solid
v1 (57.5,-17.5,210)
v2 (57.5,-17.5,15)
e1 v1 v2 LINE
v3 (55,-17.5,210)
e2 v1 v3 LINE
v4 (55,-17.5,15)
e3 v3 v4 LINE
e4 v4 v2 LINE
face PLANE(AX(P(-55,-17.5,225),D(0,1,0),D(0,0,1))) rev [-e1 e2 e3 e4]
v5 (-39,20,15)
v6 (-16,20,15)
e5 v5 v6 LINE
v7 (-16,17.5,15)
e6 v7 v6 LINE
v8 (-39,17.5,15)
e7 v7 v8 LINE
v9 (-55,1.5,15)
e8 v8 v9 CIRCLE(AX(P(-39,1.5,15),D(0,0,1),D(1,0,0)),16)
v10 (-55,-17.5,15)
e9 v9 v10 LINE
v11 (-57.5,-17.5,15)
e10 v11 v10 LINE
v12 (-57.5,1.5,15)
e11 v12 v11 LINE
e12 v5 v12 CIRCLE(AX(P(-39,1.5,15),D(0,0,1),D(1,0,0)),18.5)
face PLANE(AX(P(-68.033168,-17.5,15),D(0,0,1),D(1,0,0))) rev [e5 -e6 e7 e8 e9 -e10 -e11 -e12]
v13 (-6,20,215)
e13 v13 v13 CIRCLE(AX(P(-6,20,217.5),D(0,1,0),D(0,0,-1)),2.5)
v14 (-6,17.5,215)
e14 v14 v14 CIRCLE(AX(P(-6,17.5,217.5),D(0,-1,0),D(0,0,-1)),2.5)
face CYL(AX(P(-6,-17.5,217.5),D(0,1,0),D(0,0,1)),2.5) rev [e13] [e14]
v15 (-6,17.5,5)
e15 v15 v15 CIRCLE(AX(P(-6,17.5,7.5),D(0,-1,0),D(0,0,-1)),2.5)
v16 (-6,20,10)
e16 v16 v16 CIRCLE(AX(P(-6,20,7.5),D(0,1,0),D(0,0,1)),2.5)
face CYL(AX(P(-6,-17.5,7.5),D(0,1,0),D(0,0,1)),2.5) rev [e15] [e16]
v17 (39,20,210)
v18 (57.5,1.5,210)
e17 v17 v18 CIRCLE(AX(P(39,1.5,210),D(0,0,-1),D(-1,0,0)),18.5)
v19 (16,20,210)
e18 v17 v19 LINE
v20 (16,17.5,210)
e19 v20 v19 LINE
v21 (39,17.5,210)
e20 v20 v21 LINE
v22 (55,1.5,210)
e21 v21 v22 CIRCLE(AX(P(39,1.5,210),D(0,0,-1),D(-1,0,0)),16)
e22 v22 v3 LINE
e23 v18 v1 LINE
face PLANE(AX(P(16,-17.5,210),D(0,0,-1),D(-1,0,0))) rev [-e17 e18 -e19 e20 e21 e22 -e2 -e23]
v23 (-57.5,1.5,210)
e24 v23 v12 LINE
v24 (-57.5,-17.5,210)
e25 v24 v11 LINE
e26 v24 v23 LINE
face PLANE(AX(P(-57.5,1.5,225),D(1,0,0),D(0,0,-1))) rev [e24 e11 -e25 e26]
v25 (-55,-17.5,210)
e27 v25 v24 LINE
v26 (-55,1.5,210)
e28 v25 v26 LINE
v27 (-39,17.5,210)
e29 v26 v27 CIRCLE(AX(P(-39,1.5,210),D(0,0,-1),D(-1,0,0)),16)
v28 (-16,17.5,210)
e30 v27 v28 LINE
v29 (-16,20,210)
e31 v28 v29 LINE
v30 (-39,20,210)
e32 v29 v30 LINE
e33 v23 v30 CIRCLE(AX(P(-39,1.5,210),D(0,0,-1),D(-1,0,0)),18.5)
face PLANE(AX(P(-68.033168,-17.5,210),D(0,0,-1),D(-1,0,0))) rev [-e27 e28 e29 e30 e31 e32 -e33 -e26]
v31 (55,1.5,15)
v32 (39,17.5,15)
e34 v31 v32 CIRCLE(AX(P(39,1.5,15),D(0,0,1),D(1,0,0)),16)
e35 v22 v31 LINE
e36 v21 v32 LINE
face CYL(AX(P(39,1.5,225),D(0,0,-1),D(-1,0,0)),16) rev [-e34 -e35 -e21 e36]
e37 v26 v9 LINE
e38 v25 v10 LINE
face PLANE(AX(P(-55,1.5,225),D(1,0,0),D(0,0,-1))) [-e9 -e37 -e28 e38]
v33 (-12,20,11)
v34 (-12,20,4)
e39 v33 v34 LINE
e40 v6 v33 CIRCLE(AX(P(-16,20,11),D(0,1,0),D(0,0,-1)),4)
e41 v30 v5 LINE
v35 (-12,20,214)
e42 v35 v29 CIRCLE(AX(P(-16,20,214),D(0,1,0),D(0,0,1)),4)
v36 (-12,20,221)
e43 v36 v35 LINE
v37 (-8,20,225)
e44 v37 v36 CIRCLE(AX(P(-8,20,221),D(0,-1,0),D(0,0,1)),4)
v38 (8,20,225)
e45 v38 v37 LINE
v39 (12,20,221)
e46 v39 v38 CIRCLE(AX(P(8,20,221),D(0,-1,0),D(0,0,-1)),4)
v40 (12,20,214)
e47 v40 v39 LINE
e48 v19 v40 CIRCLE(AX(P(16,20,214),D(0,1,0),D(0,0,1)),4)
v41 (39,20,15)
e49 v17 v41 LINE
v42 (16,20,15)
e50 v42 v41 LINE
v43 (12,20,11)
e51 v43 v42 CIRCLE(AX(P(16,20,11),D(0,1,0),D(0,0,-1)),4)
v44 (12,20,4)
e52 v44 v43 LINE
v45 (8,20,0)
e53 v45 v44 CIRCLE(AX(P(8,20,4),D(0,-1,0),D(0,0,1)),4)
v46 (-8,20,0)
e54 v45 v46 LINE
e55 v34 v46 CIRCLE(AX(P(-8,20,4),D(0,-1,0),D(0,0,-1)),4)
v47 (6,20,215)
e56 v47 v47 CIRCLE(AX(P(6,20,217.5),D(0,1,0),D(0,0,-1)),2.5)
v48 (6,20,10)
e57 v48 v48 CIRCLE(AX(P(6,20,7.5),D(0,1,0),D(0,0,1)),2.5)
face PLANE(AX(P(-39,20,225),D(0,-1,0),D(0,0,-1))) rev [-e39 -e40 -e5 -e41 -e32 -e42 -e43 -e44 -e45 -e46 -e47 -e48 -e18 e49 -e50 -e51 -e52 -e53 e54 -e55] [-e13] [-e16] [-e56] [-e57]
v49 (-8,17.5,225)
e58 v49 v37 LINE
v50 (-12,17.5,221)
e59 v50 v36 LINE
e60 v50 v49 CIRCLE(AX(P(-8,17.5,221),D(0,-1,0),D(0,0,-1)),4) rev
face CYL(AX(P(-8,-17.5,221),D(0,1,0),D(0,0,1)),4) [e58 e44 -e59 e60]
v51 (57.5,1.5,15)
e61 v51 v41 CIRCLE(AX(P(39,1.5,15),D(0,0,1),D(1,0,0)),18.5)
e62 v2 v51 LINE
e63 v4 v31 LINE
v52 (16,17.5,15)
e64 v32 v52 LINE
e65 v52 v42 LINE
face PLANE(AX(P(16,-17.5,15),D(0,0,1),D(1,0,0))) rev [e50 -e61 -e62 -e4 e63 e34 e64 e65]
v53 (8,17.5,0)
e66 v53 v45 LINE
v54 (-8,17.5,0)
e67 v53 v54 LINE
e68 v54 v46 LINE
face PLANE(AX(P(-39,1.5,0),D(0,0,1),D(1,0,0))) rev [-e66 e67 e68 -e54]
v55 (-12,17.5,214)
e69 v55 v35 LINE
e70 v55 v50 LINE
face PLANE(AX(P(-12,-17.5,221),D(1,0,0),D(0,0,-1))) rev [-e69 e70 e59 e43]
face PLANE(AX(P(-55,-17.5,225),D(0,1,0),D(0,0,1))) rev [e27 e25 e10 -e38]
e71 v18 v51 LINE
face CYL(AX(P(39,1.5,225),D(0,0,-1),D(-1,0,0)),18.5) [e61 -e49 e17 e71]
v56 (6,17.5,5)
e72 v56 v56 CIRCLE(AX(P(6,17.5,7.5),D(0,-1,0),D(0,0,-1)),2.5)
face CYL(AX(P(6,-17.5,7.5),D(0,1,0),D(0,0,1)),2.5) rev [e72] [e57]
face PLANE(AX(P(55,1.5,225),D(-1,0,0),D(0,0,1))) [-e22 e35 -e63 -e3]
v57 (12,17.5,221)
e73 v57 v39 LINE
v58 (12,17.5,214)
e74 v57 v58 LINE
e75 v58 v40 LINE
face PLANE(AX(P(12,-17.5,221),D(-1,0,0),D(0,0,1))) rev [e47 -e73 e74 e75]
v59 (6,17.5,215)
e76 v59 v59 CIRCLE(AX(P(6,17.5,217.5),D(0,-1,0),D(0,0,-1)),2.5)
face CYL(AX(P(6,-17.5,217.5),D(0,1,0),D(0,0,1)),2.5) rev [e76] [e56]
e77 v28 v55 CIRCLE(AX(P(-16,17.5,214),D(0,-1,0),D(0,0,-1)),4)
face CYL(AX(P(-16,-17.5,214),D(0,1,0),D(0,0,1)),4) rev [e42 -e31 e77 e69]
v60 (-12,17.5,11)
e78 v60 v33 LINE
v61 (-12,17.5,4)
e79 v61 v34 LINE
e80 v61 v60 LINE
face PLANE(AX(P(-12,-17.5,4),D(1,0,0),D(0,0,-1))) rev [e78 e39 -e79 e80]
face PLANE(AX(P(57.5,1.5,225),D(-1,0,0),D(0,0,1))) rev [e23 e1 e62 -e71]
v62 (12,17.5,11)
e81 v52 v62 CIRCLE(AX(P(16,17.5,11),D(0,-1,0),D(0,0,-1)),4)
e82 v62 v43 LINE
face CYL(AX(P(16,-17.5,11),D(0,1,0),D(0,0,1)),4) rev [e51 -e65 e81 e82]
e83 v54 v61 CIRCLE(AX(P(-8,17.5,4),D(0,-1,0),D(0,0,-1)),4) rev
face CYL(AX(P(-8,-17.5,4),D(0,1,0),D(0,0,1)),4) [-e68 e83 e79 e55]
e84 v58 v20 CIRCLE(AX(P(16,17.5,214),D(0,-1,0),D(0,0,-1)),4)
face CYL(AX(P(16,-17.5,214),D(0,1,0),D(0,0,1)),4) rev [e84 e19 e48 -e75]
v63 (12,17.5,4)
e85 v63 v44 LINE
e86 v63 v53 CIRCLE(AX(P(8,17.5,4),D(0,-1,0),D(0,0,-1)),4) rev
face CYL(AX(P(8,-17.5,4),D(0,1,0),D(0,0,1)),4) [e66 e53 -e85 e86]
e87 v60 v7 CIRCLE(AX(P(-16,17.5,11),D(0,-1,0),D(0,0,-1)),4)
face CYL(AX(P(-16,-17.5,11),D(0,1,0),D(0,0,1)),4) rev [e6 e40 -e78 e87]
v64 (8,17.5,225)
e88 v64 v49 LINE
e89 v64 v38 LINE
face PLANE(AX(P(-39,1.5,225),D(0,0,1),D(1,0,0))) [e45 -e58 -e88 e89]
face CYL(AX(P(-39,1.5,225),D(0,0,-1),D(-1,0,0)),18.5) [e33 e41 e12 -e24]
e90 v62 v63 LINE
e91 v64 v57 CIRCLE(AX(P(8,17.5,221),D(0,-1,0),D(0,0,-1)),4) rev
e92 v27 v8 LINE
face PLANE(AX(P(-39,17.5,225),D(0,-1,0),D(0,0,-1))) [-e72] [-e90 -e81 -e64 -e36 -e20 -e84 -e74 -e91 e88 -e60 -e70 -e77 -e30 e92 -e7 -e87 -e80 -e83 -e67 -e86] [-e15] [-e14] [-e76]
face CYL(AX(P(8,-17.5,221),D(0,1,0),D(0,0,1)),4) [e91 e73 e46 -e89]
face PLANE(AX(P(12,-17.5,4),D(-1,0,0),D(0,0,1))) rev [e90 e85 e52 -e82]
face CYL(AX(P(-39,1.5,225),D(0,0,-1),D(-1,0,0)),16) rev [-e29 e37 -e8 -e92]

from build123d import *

# Parameters (mm, degrees)
EXTRUDE_1_DEPTH     = 225
SHELL_2_T           = 2.5
SKETCH_2_R          = 2.5
CUT_EXTRUDE_1_DEPTH = 236.239239924


with BuildPart() as part:
    # 草图1 → 凸台-拉伸1 (new body)
    with BuildSketch(Plane.XY):
        with BuildLine():
            Line((-39, 17.5), (39, 17.5))
            ThreePointArc((39, 17.5), (50.313708499, 12.813708499), (55, 1.5))
            Line((55, 1.5), (55, -17.5))
            Line((55, -17.5), (-55, -17.5))
            Line((-55, -17.5), (-55, 1.5))
            ThreePointArc((-55, 1.5), (-50.313708499, 12.813708499), (-39, 17.5))
        make_face()
    extrude(amount=EXTRUDE_1_DEPTH)

    # 抽壳2
    shell_2_openings = [part.faces().sort_by_distance(p)[0] for p in [
        (0, -17.5, 112.5),
        (0, -0.40911681, 0),
        (0, -0.40911681, 225),
    ]]
    offset(amount=SHELL_2_T, openings=shell_2_openings, kind=Kind.INTERSECTION)

    # 草图2 → 切除-拉伸1 (cut, through all)
    with BuildSketch(Plane(origin=(0, 20, 0), x_dir=(1, 0, 0), z_dir=(0, 1, 0))):
        with Locations(Location((-6, -7.5, 0), (0, 0, 270))):
            Circle(SKETCH_2_R)
        with Locations(Location((6, -7.5, 0), (0, 0, 270))):
            Circle(SKETCH_2_R)
        with Locations(Location((6, -217.5, 0), (0, 0, 90))):
            Circle(SKETCH_2_R)
        with Locations(Location((-6, -217.5, 0), (0, 0, 90))):
            Circle(SKETCH_2_R)
        with BuildLine():
            Line((-8, 0), (-68.033168475, 0))
            Line((-68.033168475, 0), (-68.033168475, -15))
            Line((-68.033168475, -15), (-57.5, -15))
            Line((-57.5, -15), (-16, -15))
            ThreePointArc((-16, -15), (-13.171572875, -13.828427125), (-12, -11))
            Line((-12, -11), (-12, -4))
            ThreePointArc((-12, -4), (-10.828427125, -1.171572875), (-8, 0))
        make_face()
        with BuildLine():
            Line((68.316175474, -15), (68.316175474, 0))
            Line((68.316175474, 0), (8, 0))
            ThreePointArc((8, 0), (10.828427125, -1.171572875), (12, -4))
            Line((12, -4), (12, -11))
            ThreePointArc((12, -11), (13.171572875, -13.828427125), (16, -15))
            Line((16, -15), (68.316175474, -15))
        make_face()
        with BuildLine():
            Line((8, -225), (68.316175474, -225))
            Line((68.316175474, -225), (68.316175474, -210))
            Line((68.316175474, -210), (16, -210))
            ThreePointArc((16, -210), (13.171572875, -211.171572875), (12, -214))
            Line((12, -214), (12, -221))
            ThreePointArc((12, -221), (10.828427125, -223.828427125), (8, -225))
        make_face()
        with BuildLine():
            Line((-16, -210), (-57.5, -210))
            Line((-57.5, -210), (-68.033168475, -210))
            Line((-68.033168475, -210), (-68.033168475, -225))
            Line((-68.033168475, -225), (-8, -225))
            ThreePointArc((-8, -225), (-10.828427125, -223.828427125), (-12, -221))
            Line((-12, -221), (-12, -214))
            ThreePointArc((-12, -214), (-13.171572875, -211.171572875), (-16, -210))
        make_face()
    extrude(amount=-CUT_EXTRUDE_1_DEPTH, mode=Mode.SUBTRACT)


solid = part.part
